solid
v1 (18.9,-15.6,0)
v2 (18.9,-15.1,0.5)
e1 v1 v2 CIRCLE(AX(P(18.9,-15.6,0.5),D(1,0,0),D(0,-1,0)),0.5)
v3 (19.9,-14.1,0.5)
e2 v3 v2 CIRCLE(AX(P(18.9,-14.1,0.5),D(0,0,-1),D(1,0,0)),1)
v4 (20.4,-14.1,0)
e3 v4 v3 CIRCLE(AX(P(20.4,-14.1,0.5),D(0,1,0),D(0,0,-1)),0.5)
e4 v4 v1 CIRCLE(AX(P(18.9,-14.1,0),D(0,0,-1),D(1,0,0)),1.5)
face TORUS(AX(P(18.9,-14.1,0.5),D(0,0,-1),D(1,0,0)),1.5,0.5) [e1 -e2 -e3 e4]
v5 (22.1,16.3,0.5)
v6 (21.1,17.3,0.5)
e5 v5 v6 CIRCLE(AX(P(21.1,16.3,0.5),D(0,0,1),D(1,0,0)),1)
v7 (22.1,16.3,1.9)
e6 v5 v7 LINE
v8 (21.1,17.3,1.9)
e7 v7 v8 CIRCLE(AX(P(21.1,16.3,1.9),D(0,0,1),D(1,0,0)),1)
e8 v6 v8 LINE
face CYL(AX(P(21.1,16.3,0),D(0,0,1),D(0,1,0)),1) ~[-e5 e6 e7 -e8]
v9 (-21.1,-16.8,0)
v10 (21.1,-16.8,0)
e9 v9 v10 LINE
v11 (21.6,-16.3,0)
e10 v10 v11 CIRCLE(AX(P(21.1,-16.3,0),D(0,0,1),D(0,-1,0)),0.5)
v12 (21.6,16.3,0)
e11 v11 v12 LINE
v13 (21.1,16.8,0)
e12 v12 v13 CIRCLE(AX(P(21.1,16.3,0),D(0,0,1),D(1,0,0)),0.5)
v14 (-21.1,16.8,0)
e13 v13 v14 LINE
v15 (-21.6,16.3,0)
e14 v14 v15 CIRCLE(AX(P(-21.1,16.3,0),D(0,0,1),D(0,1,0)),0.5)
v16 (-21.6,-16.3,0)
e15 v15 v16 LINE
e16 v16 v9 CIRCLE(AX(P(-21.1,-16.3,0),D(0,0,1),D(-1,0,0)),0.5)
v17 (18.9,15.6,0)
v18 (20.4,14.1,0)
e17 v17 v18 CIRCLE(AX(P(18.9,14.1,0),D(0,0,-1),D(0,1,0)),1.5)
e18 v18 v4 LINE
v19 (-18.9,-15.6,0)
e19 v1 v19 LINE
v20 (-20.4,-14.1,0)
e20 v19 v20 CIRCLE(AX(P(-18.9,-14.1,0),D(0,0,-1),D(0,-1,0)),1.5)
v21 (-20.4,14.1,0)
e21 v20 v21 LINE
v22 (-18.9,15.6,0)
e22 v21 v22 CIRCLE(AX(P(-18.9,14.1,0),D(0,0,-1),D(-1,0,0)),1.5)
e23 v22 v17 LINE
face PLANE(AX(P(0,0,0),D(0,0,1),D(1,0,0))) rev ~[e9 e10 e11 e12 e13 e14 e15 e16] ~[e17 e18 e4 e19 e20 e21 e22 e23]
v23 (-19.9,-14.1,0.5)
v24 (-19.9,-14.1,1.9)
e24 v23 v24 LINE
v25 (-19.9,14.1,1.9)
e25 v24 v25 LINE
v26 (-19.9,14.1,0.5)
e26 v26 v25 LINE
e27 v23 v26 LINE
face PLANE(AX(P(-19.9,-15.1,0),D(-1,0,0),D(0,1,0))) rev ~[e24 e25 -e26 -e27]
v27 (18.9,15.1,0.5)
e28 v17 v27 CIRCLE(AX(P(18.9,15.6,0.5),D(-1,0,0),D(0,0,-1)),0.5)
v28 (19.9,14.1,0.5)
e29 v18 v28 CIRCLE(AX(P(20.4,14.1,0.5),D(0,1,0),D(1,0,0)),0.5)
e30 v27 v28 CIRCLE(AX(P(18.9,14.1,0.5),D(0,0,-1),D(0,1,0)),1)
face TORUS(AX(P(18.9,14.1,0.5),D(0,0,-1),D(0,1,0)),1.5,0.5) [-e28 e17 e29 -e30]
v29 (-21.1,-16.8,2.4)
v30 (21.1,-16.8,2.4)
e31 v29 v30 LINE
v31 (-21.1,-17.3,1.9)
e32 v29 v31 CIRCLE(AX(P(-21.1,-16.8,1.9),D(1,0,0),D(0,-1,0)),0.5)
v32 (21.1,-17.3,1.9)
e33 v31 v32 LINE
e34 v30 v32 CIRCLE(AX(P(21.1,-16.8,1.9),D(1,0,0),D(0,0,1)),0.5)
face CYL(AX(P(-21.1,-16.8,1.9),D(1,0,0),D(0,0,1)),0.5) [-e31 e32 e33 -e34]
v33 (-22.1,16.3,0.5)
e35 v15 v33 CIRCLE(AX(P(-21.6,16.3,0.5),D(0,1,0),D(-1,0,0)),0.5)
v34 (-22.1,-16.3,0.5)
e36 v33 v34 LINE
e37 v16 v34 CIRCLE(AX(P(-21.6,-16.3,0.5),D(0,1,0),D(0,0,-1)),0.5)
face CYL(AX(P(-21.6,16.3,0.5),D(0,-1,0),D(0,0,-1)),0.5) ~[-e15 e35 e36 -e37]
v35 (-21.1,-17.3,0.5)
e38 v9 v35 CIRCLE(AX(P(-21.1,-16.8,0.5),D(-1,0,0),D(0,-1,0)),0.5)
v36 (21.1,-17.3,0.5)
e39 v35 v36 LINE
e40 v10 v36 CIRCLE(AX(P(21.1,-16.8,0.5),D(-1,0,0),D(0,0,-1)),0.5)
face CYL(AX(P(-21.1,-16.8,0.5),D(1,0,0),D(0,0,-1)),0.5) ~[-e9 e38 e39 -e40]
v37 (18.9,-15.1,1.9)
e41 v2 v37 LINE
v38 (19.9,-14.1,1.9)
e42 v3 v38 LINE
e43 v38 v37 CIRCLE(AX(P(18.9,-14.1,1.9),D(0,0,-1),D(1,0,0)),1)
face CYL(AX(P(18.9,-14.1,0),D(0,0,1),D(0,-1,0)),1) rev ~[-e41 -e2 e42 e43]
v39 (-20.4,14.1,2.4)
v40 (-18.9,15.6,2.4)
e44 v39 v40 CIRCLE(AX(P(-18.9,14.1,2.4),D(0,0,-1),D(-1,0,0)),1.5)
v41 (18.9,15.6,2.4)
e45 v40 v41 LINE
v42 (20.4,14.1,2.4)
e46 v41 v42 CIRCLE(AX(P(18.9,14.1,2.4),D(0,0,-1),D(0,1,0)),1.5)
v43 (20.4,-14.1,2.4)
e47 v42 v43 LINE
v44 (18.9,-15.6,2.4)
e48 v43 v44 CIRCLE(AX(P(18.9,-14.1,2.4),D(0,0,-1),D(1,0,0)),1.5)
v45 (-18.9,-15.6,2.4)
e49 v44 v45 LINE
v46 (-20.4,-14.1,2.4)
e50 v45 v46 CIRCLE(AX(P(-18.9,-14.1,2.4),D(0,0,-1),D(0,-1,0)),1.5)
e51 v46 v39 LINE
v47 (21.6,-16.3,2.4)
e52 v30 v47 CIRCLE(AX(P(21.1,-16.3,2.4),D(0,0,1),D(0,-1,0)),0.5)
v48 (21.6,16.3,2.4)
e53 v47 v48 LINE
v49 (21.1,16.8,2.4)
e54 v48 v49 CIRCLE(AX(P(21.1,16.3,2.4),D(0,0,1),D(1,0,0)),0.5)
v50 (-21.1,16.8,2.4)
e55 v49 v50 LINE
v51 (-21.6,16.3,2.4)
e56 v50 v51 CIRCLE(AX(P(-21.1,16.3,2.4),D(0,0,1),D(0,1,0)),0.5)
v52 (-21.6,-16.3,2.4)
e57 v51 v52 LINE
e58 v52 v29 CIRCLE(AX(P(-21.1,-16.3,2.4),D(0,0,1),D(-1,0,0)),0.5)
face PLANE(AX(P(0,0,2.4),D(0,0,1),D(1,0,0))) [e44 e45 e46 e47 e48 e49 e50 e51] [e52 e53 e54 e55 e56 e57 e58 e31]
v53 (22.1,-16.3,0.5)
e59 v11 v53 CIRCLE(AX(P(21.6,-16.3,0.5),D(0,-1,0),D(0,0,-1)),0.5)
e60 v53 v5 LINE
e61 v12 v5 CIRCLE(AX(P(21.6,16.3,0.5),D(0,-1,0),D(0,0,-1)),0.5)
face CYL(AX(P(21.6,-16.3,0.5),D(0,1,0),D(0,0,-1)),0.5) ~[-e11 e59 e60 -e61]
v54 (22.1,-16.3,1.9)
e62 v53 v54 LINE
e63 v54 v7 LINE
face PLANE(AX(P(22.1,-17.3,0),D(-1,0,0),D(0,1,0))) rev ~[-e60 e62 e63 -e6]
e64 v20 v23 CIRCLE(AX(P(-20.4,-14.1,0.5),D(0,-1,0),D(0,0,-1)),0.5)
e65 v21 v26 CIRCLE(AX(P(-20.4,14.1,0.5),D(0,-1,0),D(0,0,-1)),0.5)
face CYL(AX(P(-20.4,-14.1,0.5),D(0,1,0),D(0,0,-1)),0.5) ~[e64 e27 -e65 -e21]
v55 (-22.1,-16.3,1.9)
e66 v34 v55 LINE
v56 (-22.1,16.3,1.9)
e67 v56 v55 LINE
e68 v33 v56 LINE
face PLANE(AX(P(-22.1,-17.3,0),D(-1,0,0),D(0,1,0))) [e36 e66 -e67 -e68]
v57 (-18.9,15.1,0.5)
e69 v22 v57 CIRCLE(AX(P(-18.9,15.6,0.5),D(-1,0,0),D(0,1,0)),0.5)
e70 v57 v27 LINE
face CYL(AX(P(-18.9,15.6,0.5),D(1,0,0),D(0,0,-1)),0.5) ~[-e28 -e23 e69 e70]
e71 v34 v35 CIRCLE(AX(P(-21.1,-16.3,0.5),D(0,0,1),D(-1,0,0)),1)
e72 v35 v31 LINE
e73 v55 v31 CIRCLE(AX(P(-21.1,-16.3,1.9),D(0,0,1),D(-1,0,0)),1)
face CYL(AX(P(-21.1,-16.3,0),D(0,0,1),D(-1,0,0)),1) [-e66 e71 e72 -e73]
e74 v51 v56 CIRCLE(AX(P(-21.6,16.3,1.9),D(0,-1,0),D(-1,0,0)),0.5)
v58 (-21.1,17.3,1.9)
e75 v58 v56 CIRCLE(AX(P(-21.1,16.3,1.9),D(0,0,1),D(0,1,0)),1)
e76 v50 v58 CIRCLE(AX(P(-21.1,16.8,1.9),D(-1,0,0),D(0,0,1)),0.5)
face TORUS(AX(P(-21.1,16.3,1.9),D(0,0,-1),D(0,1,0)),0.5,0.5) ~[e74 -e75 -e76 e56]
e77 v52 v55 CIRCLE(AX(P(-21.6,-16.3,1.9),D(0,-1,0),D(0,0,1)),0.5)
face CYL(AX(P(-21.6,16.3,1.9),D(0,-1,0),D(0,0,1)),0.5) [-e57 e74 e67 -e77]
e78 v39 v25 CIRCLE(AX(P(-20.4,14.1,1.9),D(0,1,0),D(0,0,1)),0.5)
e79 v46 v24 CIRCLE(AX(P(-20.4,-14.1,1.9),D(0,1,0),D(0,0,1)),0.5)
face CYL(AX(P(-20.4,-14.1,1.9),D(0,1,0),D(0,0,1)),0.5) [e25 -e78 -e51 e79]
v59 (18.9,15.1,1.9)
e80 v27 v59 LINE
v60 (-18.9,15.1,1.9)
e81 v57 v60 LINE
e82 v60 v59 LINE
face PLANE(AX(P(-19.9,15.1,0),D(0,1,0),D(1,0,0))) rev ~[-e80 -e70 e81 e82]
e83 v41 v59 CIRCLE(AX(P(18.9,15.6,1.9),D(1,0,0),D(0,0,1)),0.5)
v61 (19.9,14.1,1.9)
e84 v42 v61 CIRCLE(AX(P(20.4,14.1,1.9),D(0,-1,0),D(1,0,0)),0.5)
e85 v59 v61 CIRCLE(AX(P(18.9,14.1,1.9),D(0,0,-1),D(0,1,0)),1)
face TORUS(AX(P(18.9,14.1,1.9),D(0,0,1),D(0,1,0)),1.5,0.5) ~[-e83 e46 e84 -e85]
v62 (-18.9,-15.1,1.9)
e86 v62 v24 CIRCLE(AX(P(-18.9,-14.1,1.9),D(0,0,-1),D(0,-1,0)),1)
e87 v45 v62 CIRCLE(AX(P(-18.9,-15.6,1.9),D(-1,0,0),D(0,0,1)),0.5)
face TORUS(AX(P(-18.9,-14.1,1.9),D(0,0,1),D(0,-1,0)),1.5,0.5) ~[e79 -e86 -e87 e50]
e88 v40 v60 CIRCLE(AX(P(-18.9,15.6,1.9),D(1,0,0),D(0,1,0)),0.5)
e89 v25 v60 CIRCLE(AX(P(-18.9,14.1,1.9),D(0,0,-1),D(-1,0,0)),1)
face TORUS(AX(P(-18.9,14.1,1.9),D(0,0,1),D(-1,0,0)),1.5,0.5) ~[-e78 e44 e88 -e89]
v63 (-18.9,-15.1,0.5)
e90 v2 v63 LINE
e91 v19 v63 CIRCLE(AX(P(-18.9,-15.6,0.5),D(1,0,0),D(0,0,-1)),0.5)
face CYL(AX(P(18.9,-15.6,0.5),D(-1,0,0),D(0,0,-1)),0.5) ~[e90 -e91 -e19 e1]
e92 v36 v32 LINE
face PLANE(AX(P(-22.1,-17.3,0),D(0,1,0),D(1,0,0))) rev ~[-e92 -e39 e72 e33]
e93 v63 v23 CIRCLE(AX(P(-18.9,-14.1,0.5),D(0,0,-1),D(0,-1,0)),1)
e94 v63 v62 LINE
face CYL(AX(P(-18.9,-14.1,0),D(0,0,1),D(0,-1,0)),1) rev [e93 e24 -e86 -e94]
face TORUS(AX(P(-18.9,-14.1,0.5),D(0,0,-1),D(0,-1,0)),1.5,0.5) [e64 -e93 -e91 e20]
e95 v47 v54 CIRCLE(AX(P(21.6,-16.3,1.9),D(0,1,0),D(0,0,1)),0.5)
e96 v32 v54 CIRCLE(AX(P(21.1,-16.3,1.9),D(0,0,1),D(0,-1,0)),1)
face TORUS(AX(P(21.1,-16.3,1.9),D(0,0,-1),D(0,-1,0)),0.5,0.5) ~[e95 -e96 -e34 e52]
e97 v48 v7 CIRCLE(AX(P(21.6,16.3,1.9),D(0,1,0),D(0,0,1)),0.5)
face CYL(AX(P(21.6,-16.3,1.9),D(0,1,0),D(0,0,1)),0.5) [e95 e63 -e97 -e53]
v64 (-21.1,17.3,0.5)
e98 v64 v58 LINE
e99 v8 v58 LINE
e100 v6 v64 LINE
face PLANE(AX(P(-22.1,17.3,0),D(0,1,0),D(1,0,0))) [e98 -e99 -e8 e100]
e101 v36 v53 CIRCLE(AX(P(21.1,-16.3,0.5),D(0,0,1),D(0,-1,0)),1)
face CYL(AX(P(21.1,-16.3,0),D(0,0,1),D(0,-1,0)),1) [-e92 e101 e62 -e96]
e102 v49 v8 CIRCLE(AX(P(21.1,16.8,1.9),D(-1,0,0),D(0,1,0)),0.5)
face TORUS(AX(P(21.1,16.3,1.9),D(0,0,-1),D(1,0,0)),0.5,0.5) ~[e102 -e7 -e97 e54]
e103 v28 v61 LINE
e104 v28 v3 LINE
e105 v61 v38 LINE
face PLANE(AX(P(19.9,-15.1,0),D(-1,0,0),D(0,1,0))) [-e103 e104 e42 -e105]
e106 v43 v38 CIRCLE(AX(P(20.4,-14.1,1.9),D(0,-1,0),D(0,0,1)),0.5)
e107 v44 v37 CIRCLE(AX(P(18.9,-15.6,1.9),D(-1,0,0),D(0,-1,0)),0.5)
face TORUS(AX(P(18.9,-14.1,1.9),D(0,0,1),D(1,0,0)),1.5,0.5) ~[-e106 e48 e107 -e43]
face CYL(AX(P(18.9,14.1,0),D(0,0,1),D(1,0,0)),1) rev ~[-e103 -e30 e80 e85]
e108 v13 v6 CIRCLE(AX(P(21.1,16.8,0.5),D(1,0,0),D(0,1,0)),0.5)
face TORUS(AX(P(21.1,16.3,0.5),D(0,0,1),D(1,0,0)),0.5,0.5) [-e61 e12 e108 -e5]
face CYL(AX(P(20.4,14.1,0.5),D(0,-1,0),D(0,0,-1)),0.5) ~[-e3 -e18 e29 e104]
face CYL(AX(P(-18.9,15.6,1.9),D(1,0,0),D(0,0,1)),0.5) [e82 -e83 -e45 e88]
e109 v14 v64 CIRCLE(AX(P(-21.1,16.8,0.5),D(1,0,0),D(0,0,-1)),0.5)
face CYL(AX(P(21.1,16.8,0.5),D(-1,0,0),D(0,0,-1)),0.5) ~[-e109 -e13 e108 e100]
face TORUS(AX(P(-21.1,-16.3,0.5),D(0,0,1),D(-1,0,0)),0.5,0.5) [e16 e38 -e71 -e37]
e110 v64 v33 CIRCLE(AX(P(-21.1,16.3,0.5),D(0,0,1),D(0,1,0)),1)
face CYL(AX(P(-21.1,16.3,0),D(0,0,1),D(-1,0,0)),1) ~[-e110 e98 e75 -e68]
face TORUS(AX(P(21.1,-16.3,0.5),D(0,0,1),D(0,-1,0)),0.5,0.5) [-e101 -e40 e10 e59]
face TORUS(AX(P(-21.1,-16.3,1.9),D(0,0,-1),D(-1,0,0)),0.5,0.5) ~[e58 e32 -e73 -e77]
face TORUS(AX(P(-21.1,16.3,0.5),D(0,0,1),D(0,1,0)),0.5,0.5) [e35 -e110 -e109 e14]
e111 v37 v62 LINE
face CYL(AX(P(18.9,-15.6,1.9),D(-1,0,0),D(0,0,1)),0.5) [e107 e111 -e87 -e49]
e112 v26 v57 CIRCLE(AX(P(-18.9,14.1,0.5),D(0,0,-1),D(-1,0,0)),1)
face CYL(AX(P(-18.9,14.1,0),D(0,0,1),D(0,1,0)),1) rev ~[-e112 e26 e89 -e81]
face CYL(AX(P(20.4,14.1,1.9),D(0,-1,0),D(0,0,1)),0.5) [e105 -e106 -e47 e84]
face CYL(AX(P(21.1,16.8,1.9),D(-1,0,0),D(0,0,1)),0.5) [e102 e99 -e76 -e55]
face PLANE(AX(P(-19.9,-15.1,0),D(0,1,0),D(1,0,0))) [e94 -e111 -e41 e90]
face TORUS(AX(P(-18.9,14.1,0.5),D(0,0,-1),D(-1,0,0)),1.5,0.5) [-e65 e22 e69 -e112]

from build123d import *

# Parameters (mm, degrees)
F0_W     = 44.2
F0_H     = 34.6
F0_W_2   = 39.8
F0_H_2   = 30.2
F1_DEPTH = 2.4
F2_R     = 1
F3_R     = 0.5


with BuildPart() as f1:
    # F0 (on Top) → F1 (new body)
    with BuildSketch(Plane.XY):
        Rectangle(F0_W, F0_H)
        Rectangle(F0_W_2, F0_H_2, mode=Mode.SUBTRACT)
    extrude(amount=F1_DEPTH)

    # F2
    f2_edges = [f1.edges().sort_by_distance(p)[0] for p in [
        (22.1, -17.3, 1.2),
        (19.9, -15.1, 1.2),
        (-22.1, -17.3, 1.2),
        (19.9, 15.1, 1.2),
        (-22.1, 17.3, 1.2),
        (-19.9, 15.1, 1.2),
        (-19.9, -15.1, 1.2),
        (22.1, 17.3, 1.2),
    ]]
    fillet(f2_edges, radius=F2_R)

    # F3
    f3_edges = [f1.edges().sort_by_distance(p)[0] for p in [
        (22.1, 0, 2.4),
        (21.807107, -17.007107, 2.4),
        (21.807107, 17.007107, 2.4),
        (0, -17.3, 2.4),
        (0, 17.3, 2.4),
        (-21.807107, -17.007107, 2.4),
        (-21.807107, 17.007107, 2.4),
        (-22.1, 0, 2.4),
        (-19.9, 0, 2.4),
        (-19.607107, -14.807107, 2.4),
        (-19.607107, 14.807107, 2.4),
        (0, -15.1, 2.4),
        (0, 15.1, 2.4),
        (19.607107, -14.807107, 2.4),
        (19.607107, 14.807107, 2.4),
        (19.9, 0, 2.4),
        (22.1, 0, 0),
        (21.807107, -17.007107, 0),
        (21.807107, 17.007107, 0),
        (0, -17.3, 0),
        (0, 17.3, 0),
        (-21.807107, -17.007107, 0),
        (-21.807107, 17.007107, 0),
        (-22.1, 0, 0),
        (-19.9, 0, 0),
        (-19.607107, -14.807107, 0),
        (-19.607107, 14.807107, 0),
        (0, -15.1, 0),
        (0, 15.1, 0),
        (19.607107, -14.807107, 0),
        (19.607107, 14.807107, 0),
        (19.9, 0, 0),
    ]]
    fillet(f3_edges, radius=F3_R)


solid = f1.part
